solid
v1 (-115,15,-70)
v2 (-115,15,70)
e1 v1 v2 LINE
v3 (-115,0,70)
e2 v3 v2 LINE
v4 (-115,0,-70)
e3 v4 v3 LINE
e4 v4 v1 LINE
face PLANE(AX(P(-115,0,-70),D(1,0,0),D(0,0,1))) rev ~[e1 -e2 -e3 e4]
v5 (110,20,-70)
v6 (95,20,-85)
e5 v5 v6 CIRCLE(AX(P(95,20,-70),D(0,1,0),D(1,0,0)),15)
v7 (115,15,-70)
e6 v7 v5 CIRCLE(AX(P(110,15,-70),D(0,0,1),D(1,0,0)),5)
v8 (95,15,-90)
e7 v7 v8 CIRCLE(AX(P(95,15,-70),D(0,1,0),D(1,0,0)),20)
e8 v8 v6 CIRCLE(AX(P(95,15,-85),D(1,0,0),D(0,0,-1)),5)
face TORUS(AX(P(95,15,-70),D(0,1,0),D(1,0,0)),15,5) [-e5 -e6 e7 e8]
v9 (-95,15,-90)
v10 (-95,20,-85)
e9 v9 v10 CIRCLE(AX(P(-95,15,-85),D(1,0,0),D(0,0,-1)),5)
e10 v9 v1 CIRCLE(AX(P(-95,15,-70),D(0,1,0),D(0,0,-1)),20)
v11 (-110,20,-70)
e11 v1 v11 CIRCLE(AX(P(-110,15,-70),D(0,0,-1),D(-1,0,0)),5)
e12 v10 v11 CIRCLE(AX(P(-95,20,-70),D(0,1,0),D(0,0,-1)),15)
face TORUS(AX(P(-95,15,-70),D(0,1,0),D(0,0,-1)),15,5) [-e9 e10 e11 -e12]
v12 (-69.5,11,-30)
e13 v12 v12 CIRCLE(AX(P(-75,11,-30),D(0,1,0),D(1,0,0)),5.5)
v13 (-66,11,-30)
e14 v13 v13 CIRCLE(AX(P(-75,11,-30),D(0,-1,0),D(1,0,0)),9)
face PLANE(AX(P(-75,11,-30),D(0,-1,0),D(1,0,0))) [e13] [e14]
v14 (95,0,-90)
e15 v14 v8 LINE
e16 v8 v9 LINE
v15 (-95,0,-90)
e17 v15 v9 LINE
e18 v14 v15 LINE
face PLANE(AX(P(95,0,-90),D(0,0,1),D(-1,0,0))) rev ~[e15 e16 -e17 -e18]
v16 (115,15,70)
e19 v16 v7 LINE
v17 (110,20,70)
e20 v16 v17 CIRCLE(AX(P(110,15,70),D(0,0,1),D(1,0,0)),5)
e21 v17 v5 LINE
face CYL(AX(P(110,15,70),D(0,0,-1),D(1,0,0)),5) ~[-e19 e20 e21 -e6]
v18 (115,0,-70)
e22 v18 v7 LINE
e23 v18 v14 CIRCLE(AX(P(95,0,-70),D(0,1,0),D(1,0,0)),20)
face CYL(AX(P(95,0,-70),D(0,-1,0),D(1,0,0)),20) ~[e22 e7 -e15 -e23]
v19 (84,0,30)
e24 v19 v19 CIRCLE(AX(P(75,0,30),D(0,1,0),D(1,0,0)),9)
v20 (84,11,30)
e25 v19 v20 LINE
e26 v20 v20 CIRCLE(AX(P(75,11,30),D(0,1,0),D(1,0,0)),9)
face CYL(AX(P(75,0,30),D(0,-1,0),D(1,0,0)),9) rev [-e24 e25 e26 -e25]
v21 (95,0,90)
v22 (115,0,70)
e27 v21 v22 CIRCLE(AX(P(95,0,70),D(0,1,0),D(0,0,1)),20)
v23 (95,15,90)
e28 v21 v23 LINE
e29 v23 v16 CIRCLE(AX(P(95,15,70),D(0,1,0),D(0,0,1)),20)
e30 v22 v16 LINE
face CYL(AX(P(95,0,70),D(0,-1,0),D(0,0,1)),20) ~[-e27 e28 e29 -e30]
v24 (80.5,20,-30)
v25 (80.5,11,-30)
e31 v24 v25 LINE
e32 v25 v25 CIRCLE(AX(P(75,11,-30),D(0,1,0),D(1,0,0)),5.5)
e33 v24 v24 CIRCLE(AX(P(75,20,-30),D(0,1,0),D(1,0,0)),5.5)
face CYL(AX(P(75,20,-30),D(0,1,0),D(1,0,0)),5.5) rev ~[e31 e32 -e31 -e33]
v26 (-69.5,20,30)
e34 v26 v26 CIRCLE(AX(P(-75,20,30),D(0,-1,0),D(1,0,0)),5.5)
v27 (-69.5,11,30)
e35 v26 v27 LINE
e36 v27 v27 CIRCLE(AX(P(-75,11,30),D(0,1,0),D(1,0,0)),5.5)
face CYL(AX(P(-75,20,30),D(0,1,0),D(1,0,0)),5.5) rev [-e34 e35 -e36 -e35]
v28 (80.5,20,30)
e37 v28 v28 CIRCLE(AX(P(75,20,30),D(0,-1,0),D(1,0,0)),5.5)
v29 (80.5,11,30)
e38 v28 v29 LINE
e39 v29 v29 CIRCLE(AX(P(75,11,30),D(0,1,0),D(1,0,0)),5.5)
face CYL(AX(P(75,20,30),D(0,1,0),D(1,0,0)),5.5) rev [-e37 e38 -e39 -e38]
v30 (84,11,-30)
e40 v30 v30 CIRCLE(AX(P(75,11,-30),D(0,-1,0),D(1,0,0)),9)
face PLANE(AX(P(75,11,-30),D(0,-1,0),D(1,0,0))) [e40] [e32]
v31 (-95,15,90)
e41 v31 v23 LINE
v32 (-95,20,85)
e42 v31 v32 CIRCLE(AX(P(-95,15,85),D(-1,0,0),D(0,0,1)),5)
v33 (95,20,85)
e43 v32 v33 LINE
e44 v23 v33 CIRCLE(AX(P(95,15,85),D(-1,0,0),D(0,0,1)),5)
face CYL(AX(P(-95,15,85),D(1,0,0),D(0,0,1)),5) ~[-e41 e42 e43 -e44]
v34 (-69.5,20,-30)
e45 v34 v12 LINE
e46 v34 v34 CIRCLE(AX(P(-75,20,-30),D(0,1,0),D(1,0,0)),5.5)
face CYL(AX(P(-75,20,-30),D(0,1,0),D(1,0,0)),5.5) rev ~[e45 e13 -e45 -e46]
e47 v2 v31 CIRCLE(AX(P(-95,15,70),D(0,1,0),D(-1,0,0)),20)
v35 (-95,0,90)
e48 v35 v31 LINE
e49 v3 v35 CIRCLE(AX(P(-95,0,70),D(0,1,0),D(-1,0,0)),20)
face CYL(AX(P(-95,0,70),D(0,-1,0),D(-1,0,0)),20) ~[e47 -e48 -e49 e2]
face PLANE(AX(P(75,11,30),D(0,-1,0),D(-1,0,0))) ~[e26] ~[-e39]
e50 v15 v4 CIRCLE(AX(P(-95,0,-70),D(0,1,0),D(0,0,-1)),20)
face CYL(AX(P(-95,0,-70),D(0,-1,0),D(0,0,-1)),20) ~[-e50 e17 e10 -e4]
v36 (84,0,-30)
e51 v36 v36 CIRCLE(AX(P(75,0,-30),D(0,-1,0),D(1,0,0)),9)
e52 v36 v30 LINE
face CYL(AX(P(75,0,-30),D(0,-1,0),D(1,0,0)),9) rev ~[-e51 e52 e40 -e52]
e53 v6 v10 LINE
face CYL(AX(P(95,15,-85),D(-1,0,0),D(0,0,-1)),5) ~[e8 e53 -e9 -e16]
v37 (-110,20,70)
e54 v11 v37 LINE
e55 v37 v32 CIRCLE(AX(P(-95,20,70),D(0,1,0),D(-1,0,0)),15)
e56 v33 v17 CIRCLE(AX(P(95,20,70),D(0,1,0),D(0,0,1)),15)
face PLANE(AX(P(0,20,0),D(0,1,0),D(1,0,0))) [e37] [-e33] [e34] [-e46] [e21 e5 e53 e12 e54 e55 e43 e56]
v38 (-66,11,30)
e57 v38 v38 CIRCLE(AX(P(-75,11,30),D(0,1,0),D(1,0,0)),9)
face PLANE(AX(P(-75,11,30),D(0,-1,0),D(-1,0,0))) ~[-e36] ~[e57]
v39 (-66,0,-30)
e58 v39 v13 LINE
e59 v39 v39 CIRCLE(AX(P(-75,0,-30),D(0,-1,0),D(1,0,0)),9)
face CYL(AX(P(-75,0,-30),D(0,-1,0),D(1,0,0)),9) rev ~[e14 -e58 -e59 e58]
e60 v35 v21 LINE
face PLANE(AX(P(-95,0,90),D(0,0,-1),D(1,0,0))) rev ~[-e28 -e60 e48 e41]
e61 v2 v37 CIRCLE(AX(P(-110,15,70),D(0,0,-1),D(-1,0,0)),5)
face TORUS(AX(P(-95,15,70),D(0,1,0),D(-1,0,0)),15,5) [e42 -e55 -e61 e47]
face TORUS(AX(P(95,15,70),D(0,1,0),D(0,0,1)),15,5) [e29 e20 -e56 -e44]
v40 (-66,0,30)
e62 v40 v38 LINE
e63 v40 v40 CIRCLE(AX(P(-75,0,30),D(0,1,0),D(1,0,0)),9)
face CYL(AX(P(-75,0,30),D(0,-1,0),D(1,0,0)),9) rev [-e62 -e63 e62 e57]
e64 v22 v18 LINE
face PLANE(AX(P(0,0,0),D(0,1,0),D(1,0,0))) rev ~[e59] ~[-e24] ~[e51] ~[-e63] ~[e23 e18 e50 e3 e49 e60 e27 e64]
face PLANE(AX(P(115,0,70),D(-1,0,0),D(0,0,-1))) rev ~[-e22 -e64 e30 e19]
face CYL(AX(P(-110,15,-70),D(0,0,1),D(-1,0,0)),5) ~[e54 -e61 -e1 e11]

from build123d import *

# Parameters (mm, degrees)
BOSS_EXTRUDE1_DEPTH = 20
FILLET1_R           = 5
SKETCH2_R           = 5.5
CUT_EXTRUDE1_DEPTH  = 21
SKETCH3_R           = 9
CUT_EXTRUDE2_DEPTH  = 11


with BuildPart() as part:
    # Sketch1 → Boss-Extrude1 (new body)
    with BuildSketch(Plane(origin=(0, 0, 0), x_dir=(1, 0, 0), z_dir=(0, 1, 0))):
        with BuildLine():
            Line((-115, 70), (-115, -70))
            ThreePointArc((-115, -70), (-109.142135624, -84.142135624), (-95, -90))
            Line((-95, -90), (95, -90))
            ThreePointArc((95, -90), (109.142135624, -84.142135624), (115, -70))
            Line((115, -70), (115, 70))
            ThreePointArc((115, 70), (109.142135624, 84.142135624), (95, 90))
            Line((95, 90), (-95, 90))
            ThreePointArc((-95, 90), (-109.142135624, 84.142135624), (-115, 70))
        make_face()
    extrude(amount=BOSS_EXTRUDE1_DEPTH)

    # Fillet1
    fillet1_edges = [part.edges().sort_by_distance(p)[0] for p in [
        (109.142135624, 20, 84.142135624),
        (115, 20, 0),
        (109.142135624, 20, -84.142135624),
        (0, 20, -90),
        (-109.142135624, 20, -84.142135624),
        (-115, 20, 0),
        (-109.142135624, 20, 84.142135624),
        (0, 20, 90),
    ]]
    fillet(fillet1_edges, radius=FILLET1_R)

    # Sketch2 → Cut-Extrude1 (cut, through all)
    with BuildSketch(Plane(origin=(0, 20, 0), x_dir=(1, 0, 0), z_dir=(0, 1, 0))):
        with Locations((-75, 30)):
            Circle(SKETCH2_R)
        with Locations((75, 30)):
            Circle(SKETCH2_R)
    cut_extrude1 = extrude(amount=-CUT_EXTRUDE1_DEPTH, mode=Mode.SUBTRACT)

    # Sketch3 → Cut-Extrude2 (cut)
    with BuildSketch(Plane.XZ):
        with Locations((-75, -30)):
            Circle(SKETCH3_R)
        with Locations((75, -30)):
            Circle(SKETCH3_R)
    cut_extrude2 = extrude(amount=-CUT_EXTRUDE2_DEPTH, mode=Mode.SUBTRACT)

    # Mirror1: Cut-Extrude1, Cut-Extrude2 across plane
    add(cut_extrude1.mirror(Plane.XY), mode=Mode.SUBTRACT)
    add(cut_extrude2.mirror(Plane.XY), mode=Mode.SUBTRACT)


solid = part.part
